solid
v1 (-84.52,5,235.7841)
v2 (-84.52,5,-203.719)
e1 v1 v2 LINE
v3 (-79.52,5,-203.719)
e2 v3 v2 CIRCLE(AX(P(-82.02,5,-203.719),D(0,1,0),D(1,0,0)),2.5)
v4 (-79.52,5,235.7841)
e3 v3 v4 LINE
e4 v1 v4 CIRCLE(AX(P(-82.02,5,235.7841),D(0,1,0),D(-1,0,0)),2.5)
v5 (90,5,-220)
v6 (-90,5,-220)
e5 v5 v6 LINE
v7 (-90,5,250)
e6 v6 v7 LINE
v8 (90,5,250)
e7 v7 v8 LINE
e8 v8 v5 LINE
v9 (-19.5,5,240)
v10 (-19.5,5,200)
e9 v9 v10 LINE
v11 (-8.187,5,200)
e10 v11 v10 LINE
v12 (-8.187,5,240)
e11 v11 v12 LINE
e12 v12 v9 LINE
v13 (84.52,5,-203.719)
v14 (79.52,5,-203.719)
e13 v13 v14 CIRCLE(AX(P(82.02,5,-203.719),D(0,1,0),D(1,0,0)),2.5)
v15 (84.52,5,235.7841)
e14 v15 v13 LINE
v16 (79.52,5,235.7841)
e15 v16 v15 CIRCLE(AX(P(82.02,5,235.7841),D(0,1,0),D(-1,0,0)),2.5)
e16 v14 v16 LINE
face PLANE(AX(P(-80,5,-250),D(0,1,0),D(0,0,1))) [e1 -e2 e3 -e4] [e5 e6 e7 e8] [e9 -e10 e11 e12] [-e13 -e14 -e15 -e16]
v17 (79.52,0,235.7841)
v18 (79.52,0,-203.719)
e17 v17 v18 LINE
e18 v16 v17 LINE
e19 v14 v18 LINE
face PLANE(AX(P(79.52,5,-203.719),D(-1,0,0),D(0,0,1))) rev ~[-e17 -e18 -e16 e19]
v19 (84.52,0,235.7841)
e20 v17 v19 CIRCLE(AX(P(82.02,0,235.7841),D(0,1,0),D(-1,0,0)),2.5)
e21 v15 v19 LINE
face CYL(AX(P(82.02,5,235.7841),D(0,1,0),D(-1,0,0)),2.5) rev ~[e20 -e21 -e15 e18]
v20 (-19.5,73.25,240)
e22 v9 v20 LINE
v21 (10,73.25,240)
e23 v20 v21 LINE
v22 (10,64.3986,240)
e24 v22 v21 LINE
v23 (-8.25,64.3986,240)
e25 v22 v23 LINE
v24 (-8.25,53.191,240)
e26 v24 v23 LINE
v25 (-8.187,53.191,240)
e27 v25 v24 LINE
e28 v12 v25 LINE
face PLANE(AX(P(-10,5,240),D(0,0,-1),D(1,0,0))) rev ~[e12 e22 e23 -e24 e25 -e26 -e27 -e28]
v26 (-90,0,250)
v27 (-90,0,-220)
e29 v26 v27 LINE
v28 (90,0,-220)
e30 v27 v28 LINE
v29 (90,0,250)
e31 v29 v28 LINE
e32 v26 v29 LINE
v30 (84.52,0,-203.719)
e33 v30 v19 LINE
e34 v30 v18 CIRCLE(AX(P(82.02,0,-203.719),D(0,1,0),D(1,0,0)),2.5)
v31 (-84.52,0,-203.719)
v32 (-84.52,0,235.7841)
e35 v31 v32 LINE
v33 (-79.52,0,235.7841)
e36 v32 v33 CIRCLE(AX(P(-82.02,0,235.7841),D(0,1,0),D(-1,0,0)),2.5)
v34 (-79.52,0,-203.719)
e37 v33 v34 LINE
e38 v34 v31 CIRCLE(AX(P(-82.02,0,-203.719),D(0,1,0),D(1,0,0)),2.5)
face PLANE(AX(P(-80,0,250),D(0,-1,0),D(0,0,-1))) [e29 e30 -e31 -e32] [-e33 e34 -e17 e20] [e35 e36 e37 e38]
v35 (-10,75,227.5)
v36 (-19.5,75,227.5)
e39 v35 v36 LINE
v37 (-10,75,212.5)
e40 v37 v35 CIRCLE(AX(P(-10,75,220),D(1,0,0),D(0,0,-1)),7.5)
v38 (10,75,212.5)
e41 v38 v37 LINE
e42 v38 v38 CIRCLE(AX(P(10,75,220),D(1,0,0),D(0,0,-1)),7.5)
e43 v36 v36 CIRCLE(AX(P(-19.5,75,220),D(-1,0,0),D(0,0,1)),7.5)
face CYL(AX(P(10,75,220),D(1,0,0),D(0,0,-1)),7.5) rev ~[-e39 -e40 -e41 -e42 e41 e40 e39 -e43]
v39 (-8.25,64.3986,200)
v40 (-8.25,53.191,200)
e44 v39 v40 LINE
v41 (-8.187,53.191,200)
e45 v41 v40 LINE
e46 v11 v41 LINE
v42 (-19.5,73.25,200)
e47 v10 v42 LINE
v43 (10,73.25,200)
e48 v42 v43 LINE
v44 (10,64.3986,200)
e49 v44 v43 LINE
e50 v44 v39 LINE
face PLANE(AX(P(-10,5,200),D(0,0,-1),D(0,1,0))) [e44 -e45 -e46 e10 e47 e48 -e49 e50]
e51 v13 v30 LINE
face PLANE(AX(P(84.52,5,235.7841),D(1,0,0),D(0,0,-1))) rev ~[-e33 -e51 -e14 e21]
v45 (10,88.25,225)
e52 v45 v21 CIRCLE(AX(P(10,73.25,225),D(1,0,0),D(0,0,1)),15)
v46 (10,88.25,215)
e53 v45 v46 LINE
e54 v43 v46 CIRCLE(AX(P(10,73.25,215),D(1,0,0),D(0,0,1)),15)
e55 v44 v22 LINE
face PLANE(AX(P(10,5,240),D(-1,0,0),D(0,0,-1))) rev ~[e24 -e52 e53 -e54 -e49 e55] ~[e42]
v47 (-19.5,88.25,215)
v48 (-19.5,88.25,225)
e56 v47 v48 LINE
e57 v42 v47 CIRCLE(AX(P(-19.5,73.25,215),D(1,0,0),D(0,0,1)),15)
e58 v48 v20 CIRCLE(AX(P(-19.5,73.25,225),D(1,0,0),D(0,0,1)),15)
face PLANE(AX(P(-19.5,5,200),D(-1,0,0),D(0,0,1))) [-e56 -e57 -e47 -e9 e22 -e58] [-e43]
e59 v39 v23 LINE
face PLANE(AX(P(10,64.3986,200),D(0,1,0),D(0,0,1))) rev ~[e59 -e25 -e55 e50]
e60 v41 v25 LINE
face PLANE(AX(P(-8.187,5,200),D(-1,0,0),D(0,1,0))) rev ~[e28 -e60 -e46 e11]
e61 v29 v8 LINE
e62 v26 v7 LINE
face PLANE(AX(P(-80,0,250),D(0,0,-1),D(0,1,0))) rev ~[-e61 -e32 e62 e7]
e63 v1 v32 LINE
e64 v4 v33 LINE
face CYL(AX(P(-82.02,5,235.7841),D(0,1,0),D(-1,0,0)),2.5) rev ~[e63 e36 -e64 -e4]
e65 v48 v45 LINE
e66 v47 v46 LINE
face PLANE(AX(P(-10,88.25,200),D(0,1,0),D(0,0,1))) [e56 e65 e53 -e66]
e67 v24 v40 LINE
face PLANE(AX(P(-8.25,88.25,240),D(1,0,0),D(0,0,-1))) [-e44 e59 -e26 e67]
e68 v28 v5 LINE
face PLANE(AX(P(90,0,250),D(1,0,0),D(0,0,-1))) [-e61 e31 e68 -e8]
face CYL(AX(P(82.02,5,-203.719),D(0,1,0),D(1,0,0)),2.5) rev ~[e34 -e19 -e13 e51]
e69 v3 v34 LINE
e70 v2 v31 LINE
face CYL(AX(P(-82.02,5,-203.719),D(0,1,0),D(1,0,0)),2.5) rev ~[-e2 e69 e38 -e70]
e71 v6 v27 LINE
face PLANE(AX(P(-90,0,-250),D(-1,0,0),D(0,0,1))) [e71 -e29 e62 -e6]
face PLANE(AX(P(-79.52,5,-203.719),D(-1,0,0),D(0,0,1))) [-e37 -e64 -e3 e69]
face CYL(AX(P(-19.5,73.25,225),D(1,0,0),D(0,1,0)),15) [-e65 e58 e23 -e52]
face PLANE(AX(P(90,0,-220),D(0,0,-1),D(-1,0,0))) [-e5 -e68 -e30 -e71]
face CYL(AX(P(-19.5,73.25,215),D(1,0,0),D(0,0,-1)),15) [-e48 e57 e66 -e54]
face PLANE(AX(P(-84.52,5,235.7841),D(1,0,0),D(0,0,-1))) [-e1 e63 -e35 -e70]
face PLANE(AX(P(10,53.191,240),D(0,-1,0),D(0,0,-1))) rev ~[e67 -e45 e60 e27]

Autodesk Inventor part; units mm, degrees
ref_plane "YZ Plane" through (0, 0, 0) normal (1, 0, 0) x (0, 1, 0)
ref_plane "XZ Plane" through (0, 0, 0) normal (0, 1, 0) x (-1, 0, 0)
ref_plane "XY Plane" through (0, 0, 0) normal (0, 0, 1) x (1, 0, 0)
sketch "Sketch1" plane through (0, 0, 0) normal (0, 1, 0) x (-1, 0, 0)
  line L0 (80, 0) -> (80, -250)
  line L1 (80, -250) -> (-80, -250)
  line L2 (-80, -250) -> (-80, 250)
  line L3 (-80, 250) -> (80, 250)
  line L4 (80, 250) -> (80, 0)
  point P0 (0, 0)
extrude "Extrusion1" add sketch "Sketch1" along normal blind 5
sketch "Sketch2" plane through (0, 5, 0) normal (0, 1, 0) x (1, 0, 0)
  line L0 (0, 0) -> (0, -200)
  line L1 (0, -200) -> (10, -200)
  line L2 (10, -200) -> (-10, -200)
  line L3 (-10, -200) -> (-10, -240)
  line L4 (-10, -240) -> (10, -240)
  line L5 (10, -240) -> (10, -200)
  dimension "d7" = 200
  dimension "d8" = 10
  dimension "d9" = 20
  dimension "d10" = 40
  dimension "d11" = 20
extrude "Extrusion2" add sketch "Sketch2" along normal blind 100
sketch "Sketch3" plane through (10, 5, 240) normal (1, 0, 0) x (0, 0, -1)
  line L0 (40, 100) -> (0, 100) projected
  circle A0 centre (20, 70) radius 7.5
  point P0 (240, -5)
  dimension "d15" = 15
extrude "Extrusion3" cut sketch "Sketch3" against normal blind 100
sketch "Sketch4" plane through (80, 0, 250) normal (1, 0, 0) x (0, 0, -1)
  line L0 (0, 0) -> (0, 5) projected
  line L1 (0, 0) -> (500, 0) projected
  line L2 (0, 5) -> (500, 5)
  line L3 (500, 5) -> (500, 0)
  line L4 (500, 0) -> (0, 0)
  line L5 (0, 0) -> (0, 5)
  point P0 (250, 0)
extrude "Extrusion4" add sketch "Sketch4" along normal blind 10
sketch "Sketch5" plane through (-80, 0, -250) normal (-1, 0, 0) x (0, 0, 1)
  line L0 (0, 5) -> (500, 5) projected
  line L1 (500, 0) -> (500, 5) projected
  line L2 (0, 5) -> (500, 5)
  line L3 (500, 5) -> (500, 0)
  line L4 (500, 0) -> (0, 0)
  line L5 (0, 0) -> (0, 5)
  point P0 (250, 0)
extrude "Extrusion5" add sketch "Sketch5" along normal blind 10
sketch "Sketch6" plane through (90, 0, -250) normal (0, 0, -1) x (-1, 0, 0)
  line L0 (0, 5) -> (180, 5) projected
  line L1 (180, 0) -> (0, 0) projected
  line L2 (0, 5) -> (180, 5)
  line L3 (180, 5) -> (180, 0)
  line L4 (180, 0) -> (0, 0)
  line L5 (0, 0) -> (0, 5)
  point P0 (90, 0)
extrude "Extrusion6" cut sketch "Sketch6" against normal blind 30
sketch "Sketch7" plane through (0, 5, 0) normal (0, 1, 0) x (1, 0, 0)
  line L0 (-90, -250) -> (90, -250) projected
  arc A0 (79.52, -235.7841) -> (84.52, -235.7841) centre (82.02, -235.7841) ccw
  arc A1 (84.52, 203.719) -> (79.52, 203.719) centre (82.02, 203.719) ccw
  line L1 (79.52, 203.719) -> (79.52, -235.7841)
  line L2 (84.52, -235.7841) -> (84.52, 203.719)
  line L3 (-90, -250) -> (-90, 220) projected
  line L4 (90, 220) -> (-90, 220) projected
  arc A2 (-79.52, 203.719) -> (-84.52, 203.719) centre (-82.02, 203.719) ccw
  arc A3 (-84.52, -235.7841) -> (-79.52, -235.7841) centre (-82.02, -235.7841) ccw
  line L5 (-84.52, -235.7841) -> (-84.52, 203.719)
  line L6 (-79.52, 203.719) -> (-79.52, -235.7841)
  point P0 (0, 0)
  dimension "d25" = 5
  dimension "d26" = 5
  dimension "d28" = 5
  dimension "d29" = 5
extrude "Extrusion7" cut sketch "Sketch7" against normal blind 30
sketch "Sketch8" plane through (10, 5, 240) normal (1, 0, 0) x (0, 0, -1)
  point P0 (240, -5)
sketch "Sketch9" plane through (0, 105, 0) normal (0, 1, 0) x (1, 0, 0)
  line L0 (10, -240) -> (-10, -240) projected
  line L1 (-10, -200) -> (10, -200) projected
  line L2 (-10, -240) -> (10, -240)
  line L3 (10, -240) -> (10, -200)
  line L4 (10, -200) -> (-10, -200)
  line L5 (-10, -200) -> (-10, -240)
  point P0 (0, 0)
extrude "Extrusion8" cut sketch "Sketch9" against normal blind 16.75
sketch "Sketch10" plane through (-10, 5, 200) normal (-1, 0, 0) x (0, 0, 1)
  line L0 (0, 0) -> (0, 83.25) projected
  line L1 (40, 0) -> (40, 83.25) projected
  line L2 (0, 83.25) -> (40, 83.25)
  line L3 (40, 83.25) -> (40, 0)
  line L4 (40, 0) -> (0, 0)
  line L5 (0, 0) -> (0, 83.25)
  circle A0 centre (20, 70) radius 7.5 projected
  circle A1 centre (20, 70) radius 7.5
  point P0 (-200, -5)
extrude "Extrusion9" add sketch "Sketch10" along normal blind 9.5
sketch "Sketch11" plane through (10, 5, 200) normal (0, 0, -1) x (-1, 0, 0)
  line L0 (0, 0) -> (0, 83.25) projected
  line L1 (0, 0) -> (18.187, 0)
  line L2 (18.187, 0) -> (18.187, 48.2097)
  line L3 (18.187, 48.2097) -> (0, 48.2097)
  line L4 (0, 48.2097) -> (0, 0)
  point P0 (10, -5)
extrude "Extrusion10" cut sketch "Sketch11" against normal blind 66.75
sketch "Sketch12" plane through (10, 88.25, 240) normal (1, 0, 0) x (0, 0, -1)
  line L0 (0, -83.25) -> (0, 0) projected
  line L1 (40, 0) -> (40, -83.25) projected
  line L2 (0, -35.059) -> (40, -35.059)
  line L3 (40, -35.059) -> (40, -23.8514)
  line L4 (40, -23.8514) -> (0, -23.8514)
  line L5 (0, -23.8514) -> (0, -35.059)
  point P0 (240, -88.25)
extrude "Extrusion11" cut sketch "Sketch12" against normal blind 18.25
fillet "Fillet1" radius 15 2 edges at (-4.75, 88.25, 240) (-4.75, 88.25, 200)
equation "\"BendRadius\" = Thickness"
equation "\"BendReliefWidth\" = Thickness"
equation "\"BendReliefDepth\" = 0.5 * Thickness"
equation "\"CornerReliefSize\" = 4 * Thickness"
equation "\"MinimumRemnant\" = 2 * Thickness"
equation "\"TransitionRadius\" = BendRadius"
equation "\"JacobiRadiusSize\" = BendRadius"
equation "\"GapSize\" = Thickness"
equation "\"Thickness\" = 0.5"
